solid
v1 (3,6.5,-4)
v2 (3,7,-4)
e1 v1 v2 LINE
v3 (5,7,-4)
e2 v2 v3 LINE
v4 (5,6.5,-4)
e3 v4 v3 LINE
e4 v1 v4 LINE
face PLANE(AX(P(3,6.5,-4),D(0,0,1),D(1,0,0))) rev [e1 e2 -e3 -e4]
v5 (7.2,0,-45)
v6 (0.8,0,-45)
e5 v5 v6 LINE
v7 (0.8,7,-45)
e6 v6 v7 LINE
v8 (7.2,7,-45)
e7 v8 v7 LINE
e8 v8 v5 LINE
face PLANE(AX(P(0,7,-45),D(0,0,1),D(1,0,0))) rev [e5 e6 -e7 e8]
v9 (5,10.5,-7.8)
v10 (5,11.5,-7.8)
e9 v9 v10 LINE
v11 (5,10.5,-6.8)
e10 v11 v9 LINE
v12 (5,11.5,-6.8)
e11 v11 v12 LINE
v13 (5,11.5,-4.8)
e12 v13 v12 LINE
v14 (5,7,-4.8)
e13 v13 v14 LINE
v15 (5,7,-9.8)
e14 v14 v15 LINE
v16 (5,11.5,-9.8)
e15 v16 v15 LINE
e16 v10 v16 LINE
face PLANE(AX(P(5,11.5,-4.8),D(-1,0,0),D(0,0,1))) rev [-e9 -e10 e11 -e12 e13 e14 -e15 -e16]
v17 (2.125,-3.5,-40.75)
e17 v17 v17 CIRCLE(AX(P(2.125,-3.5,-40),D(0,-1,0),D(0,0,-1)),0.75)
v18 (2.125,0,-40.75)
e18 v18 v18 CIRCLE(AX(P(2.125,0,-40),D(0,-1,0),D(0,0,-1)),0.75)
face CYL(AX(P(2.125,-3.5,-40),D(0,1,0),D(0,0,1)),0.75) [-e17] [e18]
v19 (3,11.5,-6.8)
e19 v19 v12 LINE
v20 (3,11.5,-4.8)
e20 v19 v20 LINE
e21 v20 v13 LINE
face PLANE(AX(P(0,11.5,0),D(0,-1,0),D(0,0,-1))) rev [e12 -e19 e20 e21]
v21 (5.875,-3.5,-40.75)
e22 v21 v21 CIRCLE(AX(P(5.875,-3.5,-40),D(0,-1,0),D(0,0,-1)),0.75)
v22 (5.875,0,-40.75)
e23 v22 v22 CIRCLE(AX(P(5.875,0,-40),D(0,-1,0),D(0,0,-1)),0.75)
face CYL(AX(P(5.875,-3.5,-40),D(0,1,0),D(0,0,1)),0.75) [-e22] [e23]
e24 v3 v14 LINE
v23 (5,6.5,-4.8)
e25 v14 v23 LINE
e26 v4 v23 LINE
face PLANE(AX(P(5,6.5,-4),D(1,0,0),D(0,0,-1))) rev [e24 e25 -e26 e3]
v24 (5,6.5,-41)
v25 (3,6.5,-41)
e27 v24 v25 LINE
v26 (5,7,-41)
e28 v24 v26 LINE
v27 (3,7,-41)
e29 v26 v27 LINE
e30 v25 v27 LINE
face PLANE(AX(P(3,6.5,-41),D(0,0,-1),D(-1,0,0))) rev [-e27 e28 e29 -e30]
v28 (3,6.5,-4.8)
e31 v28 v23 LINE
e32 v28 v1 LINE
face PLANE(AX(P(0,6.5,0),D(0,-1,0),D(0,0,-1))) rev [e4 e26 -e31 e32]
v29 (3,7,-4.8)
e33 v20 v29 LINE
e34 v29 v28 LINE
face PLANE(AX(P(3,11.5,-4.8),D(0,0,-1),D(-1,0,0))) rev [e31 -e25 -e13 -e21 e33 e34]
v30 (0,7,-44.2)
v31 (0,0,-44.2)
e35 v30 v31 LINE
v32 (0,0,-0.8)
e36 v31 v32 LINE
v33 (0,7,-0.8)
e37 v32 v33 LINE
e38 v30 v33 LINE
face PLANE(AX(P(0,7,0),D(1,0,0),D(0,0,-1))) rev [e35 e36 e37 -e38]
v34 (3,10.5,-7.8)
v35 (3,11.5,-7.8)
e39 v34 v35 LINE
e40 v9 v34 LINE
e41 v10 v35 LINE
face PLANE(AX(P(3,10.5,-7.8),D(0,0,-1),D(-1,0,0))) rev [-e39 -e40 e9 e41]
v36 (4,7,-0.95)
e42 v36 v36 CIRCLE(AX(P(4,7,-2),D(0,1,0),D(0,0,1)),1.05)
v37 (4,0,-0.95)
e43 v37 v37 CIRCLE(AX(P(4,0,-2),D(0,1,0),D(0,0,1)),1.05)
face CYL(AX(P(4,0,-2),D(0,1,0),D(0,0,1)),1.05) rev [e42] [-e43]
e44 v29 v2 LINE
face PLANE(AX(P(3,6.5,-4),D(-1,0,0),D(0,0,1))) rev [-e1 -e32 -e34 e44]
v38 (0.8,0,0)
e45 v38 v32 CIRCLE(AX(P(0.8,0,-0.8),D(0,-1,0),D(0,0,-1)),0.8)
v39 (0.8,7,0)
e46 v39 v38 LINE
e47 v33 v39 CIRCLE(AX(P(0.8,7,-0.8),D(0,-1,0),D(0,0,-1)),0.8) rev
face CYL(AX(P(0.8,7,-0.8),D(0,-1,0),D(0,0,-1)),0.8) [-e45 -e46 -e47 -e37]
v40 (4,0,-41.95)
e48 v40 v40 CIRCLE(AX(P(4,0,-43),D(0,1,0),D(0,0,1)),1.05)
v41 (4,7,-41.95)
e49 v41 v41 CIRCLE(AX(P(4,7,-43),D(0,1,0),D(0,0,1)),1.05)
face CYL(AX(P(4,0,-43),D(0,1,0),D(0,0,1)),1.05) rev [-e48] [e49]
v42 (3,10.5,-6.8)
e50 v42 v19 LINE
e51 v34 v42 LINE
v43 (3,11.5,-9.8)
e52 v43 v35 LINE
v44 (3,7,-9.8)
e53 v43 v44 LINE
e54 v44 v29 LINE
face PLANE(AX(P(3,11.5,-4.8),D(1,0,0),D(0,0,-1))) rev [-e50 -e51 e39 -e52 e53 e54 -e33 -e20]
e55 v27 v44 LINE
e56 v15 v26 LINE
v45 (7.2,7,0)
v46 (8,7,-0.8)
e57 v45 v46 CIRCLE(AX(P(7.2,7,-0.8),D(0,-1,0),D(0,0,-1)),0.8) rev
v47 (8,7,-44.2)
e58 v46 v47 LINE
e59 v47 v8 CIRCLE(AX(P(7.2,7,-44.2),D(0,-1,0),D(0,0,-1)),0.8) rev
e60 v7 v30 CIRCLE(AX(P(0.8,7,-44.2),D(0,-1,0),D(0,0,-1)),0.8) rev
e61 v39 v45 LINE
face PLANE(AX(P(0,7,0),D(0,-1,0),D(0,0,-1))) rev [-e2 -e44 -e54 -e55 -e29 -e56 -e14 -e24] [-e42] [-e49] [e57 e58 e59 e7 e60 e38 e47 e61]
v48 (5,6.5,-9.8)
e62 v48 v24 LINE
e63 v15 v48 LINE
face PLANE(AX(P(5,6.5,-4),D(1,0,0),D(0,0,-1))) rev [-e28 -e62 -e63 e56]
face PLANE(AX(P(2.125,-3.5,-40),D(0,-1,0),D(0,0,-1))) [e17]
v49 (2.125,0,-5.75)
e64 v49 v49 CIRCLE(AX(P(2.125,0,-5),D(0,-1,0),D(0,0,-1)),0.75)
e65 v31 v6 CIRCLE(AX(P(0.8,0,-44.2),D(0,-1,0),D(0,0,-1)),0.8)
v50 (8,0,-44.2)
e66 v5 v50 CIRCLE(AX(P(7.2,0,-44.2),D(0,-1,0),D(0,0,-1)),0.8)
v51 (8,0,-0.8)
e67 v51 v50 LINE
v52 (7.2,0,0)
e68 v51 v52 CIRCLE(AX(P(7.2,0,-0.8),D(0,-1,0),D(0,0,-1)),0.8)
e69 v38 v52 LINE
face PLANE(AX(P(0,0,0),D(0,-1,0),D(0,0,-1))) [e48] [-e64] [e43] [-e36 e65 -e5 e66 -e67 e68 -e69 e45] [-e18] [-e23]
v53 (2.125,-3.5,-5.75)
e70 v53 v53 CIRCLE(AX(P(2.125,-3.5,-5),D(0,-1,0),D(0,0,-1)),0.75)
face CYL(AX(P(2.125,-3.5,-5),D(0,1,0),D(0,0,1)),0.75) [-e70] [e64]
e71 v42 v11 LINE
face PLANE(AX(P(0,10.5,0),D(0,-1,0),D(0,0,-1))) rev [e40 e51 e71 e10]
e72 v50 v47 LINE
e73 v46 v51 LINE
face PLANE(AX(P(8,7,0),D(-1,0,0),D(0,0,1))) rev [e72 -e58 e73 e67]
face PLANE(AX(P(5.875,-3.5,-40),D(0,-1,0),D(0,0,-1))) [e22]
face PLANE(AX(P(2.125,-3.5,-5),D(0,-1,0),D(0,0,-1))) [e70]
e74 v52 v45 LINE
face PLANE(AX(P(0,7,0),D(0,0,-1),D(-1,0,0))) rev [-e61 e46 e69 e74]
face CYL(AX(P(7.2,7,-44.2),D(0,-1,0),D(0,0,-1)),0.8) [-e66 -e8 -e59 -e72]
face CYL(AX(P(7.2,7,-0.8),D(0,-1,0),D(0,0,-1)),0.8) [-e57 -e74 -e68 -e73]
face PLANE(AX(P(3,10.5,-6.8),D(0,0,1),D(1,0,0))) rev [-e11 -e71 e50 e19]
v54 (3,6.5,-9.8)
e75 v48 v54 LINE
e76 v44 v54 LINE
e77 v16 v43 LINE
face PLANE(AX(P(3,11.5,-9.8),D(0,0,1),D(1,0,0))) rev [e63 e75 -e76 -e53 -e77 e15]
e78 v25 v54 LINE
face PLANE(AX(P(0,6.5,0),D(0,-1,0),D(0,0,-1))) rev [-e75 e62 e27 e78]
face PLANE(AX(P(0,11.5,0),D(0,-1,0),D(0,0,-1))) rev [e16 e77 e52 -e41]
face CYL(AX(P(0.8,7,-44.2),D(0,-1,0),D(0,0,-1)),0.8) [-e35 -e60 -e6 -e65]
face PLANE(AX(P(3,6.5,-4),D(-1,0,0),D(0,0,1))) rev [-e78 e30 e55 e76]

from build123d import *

# Parameters (mm, degrees)
SZKIC1_W                    = 8
SZKIC1_H                    = 45
DODANIE_WYCI_GNI_CIE1_DEPTH = 7
SZKIC2_R                    = 1.05
WYTNIJ_WYCI_GNI_CIE1_DEPTH  = 7
SZKIC3_W                    = 2
SZKIC3_H                    = 37
WYTNIJ_WYCI_GNI_CIE2_DEPTH  = 0.5
SZKIC4_W                    = 2
SZKIC4_H                    = 5
DODANIE_WYCI_GNI_CIE4_DEPTH = 5
SZKIC13_R                   = 0.75
DODANIE_WYCI_GNI_CIE7_DEPTH = 3.5
ZAOKR_GLENIE1_R             = 0.8
SZKIC14_W                   = 2
SZKIC14_H                   = 1
WYTNIJ_WYCI_GNI_CIE3_DEPTH  = 1


with BuildPart() as part:
    # Szkic1 → Dodanie-wyciągnięcie1 (new body)
    with BuildSketch(Plane(origin=(0, 0, 0), x_dir=(1, 0, 0), z_dir=(0, 1, 0))):
        with Locations((4, 22.5)):
            Rectangle(SZKIC1_W, SZKIC1_H)
    extrude(amount=DODANIE_WYCI_GNI_CIE1_DEPTH)

    # Szkic2 → Wytnij-wyciągnięcie1 (cut)
    with BuildSketch(Plane(origin=(0, 7, 0), x_dir=(1, 0, 0), z_dir=(0, 1, 0))):
        with Locations((4, 2)):
            Circle(SZKIC2_R)
        with Locations((4, 43)):
            Circle(SZKIC2_R)
    extrude(amount=-WYTNIJ_WYCI_GNI_CIE1_DEPTH, mode=Mode.SUBTRACT)

    # Szkic3 → Wytnij-wyciągnięcie2 (cut)
    with BuildSketch(Plane(origin=(0, 7, 0), x_dir=(1, 0, 0), z_dir=(0, 1, 0))):
        with Locations((4, 22.5)):
            Rectangle(SZKIC3_W, SZKIC3_H)
    extrude(amount=-WYTNIJ_WYCI_GNI_CIE2_DEPTH, mode=Mode.SUBTRACT)

    # Szkic4 → Dodanie-wyciągnięcie4 (add)
    with BuildSketch(Plane(origin=(0, 6.5, 0), x_dir=(1, 0, 0), z_dir=(0, 1, 0))):
        with Locations((4, 7.3)):
            Rectangle(SZKIC4_W, SZKIC4_H)
    extrude(amount=DODANIE_WYCI_GNI_CIE4_DEPTH)

    # Szkic13 → Dodanie-wyciągnięcie7 (add)
    with BuildSketch(Plane.XZ):
        with Locations((2.125, -40)):
            Circle(SZKIC13_R)
        with Locations((5.875, -40)):
            Circle(SZKIC13_R)
        with Locations((2.125, -5)):
            Circle(SZKIC13_R)
    extrude(amount=DODANIE_WYCI_GNI_CIE7_DEPTH)

    # Zaokrąglenie1
    zaokr_glenie1_edges = [part.edges().sort_by_distance(p)[0] for p in [
        (0, 3.5, -45),
        (8, 3.5, -45),
        (8, 3.5, 0),
        (0, 3.5, 0),
    ]]
    fillet(zaokr_glenie1_edges, radius=ZAOKR_GLENIE1_R)

    # Szkic14 → Wytnij-wyciągnięcie3 (cut)
    with BuildSketch(Plane(origin=(0, 11.5, 0), x_dir=(1, 0, 0), z_dir=(0, 1, 0))):
        with Locations((4, 7.3)):
            Rectangle(SZKIC14_W, SZKIC14_H)
    extrude(amount=-WYTNIJ_WYCI_GNI_CIE3_DEPTH, mode=Mode.SUBTRACT)


solid = part.part
